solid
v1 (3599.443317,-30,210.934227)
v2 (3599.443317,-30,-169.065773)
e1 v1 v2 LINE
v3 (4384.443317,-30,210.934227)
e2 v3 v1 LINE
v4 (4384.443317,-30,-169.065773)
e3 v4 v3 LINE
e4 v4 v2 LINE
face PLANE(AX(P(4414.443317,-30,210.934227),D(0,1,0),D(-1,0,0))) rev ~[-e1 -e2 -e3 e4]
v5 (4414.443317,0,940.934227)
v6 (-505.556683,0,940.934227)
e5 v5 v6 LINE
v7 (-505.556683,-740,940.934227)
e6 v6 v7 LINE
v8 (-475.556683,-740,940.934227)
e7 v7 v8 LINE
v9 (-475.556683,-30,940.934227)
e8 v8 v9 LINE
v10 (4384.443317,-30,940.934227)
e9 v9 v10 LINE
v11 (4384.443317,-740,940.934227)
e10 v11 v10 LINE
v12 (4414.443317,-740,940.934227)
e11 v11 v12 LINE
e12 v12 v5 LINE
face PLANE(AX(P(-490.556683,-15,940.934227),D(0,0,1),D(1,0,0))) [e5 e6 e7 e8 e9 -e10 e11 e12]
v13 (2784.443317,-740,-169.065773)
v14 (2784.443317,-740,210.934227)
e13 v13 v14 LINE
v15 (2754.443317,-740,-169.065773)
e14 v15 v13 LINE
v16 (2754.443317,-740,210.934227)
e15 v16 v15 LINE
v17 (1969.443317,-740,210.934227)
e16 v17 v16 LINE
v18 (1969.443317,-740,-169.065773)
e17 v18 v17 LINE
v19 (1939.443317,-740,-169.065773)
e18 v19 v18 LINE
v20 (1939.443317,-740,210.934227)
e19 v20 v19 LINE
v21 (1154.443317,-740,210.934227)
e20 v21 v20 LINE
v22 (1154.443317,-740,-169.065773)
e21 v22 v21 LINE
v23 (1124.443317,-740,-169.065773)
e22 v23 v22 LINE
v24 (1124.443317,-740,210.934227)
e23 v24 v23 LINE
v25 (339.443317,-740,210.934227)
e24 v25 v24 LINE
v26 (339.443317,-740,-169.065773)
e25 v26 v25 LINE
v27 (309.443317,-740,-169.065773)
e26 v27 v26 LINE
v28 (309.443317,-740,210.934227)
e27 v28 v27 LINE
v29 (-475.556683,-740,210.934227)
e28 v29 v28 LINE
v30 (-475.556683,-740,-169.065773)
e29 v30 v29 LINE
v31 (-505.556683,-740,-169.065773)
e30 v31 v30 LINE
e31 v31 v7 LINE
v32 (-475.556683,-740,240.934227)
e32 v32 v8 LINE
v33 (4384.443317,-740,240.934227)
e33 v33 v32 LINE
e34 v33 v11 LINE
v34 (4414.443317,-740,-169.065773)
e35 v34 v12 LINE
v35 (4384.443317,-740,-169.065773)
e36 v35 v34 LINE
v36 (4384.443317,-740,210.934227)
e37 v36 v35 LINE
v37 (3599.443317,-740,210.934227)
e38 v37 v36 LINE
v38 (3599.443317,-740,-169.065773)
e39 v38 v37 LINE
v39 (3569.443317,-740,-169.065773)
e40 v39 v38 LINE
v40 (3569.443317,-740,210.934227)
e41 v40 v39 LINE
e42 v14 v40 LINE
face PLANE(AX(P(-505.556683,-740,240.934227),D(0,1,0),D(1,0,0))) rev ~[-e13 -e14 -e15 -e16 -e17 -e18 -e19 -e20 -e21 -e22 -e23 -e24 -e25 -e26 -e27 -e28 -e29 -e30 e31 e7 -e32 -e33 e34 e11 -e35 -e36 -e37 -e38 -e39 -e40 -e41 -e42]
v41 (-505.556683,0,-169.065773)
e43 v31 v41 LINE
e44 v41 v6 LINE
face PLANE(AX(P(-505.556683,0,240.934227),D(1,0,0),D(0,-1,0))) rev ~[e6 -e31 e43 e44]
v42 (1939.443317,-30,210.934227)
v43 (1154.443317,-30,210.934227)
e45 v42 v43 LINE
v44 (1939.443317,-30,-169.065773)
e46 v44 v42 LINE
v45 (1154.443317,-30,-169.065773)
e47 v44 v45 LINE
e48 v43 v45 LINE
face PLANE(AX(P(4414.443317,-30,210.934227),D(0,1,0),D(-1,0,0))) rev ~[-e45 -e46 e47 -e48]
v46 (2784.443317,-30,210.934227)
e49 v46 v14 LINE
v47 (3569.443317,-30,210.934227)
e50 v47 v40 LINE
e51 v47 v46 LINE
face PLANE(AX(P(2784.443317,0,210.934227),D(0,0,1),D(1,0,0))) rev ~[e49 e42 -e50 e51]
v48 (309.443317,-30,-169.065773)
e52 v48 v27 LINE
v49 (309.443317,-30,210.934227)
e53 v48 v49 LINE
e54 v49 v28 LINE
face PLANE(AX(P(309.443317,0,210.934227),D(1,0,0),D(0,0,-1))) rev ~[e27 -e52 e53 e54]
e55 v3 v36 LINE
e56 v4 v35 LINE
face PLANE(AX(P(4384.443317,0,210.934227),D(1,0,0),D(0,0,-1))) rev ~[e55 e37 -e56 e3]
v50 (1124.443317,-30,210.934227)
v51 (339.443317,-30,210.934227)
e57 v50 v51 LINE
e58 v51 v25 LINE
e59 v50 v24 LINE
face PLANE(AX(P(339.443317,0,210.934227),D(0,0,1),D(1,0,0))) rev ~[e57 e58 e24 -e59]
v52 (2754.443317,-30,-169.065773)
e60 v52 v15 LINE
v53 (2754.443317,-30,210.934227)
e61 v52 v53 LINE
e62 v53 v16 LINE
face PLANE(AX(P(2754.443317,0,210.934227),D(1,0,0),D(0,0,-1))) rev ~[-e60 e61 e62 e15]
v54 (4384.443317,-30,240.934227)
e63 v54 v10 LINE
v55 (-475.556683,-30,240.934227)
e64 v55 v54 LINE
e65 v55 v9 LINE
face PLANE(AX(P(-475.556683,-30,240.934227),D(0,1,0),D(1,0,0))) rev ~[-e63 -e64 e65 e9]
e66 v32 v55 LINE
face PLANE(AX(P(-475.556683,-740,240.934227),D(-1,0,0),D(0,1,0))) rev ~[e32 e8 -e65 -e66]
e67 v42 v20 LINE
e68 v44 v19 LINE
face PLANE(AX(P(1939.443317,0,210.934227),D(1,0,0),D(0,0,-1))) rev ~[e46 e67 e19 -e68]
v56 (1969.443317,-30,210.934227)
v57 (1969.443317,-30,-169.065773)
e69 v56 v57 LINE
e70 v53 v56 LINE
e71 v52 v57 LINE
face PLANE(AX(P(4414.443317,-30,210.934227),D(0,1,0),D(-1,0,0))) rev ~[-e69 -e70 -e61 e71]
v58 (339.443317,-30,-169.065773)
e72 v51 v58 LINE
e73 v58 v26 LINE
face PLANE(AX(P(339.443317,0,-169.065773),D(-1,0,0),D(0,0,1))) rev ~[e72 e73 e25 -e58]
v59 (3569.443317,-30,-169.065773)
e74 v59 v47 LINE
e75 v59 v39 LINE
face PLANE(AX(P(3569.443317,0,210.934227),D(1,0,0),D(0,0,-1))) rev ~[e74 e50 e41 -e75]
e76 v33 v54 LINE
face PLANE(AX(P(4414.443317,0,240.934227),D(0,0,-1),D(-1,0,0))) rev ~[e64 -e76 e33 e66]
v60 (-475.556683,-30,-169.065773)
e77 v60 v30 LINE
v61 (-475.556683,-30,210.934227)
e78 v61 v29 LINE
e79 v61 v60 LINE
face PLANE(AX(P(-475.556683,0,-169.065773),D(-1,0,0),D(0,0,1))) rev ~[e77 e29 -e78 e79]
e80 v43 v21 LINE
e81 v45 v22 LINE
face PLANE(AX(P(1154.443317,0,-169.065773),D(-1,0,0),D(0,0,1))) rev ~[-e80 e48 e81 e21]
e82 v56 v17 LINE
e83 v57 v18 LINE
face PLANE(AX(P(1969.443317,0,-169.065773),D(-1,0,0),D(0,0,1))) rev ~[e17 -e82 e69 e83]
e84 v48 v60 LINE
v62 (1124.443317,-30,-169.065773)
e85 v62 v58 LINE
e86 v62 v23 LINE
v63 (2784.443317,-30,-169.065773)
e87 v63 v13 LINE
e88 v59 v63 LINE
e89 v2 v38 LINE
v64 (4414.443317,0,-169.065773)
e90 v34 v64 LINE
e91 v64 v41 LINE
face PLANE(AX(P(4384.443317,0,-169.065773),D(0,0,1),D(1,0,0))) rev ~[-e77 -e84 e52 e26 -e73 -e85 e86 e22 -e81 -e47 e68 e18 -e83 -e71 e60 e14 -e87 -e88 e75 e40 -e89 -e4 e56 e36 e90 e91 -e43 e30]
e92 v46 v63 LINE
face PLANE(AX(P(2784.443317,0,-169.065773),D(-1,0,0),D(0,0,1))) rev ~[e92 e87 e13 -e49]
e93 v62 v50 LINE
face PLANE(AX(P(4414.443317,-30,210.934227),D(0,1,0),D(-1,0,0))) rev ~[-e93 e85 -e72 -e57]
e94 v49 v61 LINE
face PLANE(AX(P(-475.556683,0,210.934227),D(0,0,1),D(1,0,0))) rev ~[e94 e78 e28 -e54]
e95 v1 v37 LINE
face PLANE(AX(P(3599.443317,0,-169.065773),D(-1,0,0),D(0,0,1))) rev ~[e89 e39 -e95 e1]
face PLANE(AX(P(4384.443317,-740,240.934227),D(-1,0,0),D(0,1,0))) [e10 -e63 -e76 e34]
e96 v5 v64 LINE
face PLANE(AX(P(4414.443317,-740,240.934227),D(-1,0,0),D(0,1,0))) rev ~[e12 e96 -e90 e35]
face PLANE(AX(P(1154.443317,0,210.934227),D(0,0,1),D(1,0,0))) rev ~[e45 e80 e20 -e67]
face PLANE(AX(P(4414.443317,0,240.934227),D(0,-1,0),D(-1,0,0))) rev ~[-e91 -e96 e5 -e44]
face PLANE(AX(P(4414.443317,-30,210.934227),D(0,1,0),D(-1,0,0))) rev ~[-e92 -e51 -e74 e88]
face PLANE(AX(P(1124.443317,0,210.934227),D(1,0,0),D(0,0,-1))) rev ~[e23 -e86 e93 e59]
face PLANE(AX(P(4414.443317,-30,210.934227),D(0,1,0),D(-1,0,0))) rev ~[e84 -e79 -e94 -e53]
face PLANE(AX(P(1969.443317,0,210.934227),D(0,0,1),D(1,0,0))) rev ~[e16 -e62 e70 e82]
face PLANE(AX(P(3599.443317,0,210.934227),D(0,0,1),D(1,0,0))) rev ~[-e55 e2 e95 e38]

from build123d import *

# Parameters (mm, degrees)
F1_DEPTH = 740
F2_W     = 30
F2_H     = 30
F2_W_2   = 4860
F2_H_2   = 710
F3_DEPTH = 700
F4_W     = 1360.496822
F4_H     = 30
F4_W_2   = 3559.503178
F5_DEPTH = 380


with BuildPart() as f1:
    # F0 (on Front) → F1 (new body)
    with BuildSketch(Plane.XZ):
        Polygon((4414.443317, 240.934227), (-505.556683, 240.934227), (-505.556683, 210.934227), (-505.556683, -169.065773), (-475.556683, -169.065773), (-475.556683, 210.934227), (309.443317, 210.934227), (309.443317, -169.065773), (324.443317, -169.065773), (339.443317, -169.065773), (339.443317, 210.934227), (1124.443317, 210.934227), (1124.443317, -169.065773), (1154.443317, -169.065773), (1154.443317, 210.934227), (1939.443317, 210.934227), (1939.443317, -169.065773), (1954.443317, -169.065773), (1969.443317, -169.065773), (1969.443317, 210.934227), (2754.443317, 210.934227), (2754.443317, -169.065773), (2784.443317, -169.065773), (2784.443317, 210.934227), (3569.443317, 210.934227), (3569.443317, -169.065773), (3584.443317, -169.065773), (3599.443317, -169.065773), (3599.443317, 210.934227), (4384.443317, 210.934227), (4384.443317, -169.065773), (4414.443317, -169.065773), (4414.443317, 210.934227), align=None)
    extrude(amount=F1_DEPTH)

    # F2 (on face) → F3 (join)
    with BuildSketch(Plane.XY.offset(240.934227)):
        with Locations((-490.556683, -15)):
            Rectangle(F2_W, F2_H)
        with Locations((1954.443317, -15)):
            Rectangle(F2_W_2, F2_H)
        with Locations((-490.556683, -385)):
            Rectangle(F2_W, F2_H_2)
        with Locations((4399.443317, -15)):
            Rectangle(F2_W, F2_H)
        with Locations((4399.443317, -385)):
            Rectangle(F2_W, F2_H_2)
    extrude(amount=F3_DEPTH)

    # F4 (on face) → F5 (join, through all)
    with BuildSketch(Plane(origin=(0, 0, 210.934227), x_dir=(1, 0, 0), z_dir=(0, 0, -1))):
        with Locations((3734.194906, 15)):
            Rectangle(F4_W, F4_H)
        with Locations((1274.194906, 15)):
            Rectangle(F4_W_2, F4_H)
    extrude(amount=F5_DEPTH)


solid = f1.part
